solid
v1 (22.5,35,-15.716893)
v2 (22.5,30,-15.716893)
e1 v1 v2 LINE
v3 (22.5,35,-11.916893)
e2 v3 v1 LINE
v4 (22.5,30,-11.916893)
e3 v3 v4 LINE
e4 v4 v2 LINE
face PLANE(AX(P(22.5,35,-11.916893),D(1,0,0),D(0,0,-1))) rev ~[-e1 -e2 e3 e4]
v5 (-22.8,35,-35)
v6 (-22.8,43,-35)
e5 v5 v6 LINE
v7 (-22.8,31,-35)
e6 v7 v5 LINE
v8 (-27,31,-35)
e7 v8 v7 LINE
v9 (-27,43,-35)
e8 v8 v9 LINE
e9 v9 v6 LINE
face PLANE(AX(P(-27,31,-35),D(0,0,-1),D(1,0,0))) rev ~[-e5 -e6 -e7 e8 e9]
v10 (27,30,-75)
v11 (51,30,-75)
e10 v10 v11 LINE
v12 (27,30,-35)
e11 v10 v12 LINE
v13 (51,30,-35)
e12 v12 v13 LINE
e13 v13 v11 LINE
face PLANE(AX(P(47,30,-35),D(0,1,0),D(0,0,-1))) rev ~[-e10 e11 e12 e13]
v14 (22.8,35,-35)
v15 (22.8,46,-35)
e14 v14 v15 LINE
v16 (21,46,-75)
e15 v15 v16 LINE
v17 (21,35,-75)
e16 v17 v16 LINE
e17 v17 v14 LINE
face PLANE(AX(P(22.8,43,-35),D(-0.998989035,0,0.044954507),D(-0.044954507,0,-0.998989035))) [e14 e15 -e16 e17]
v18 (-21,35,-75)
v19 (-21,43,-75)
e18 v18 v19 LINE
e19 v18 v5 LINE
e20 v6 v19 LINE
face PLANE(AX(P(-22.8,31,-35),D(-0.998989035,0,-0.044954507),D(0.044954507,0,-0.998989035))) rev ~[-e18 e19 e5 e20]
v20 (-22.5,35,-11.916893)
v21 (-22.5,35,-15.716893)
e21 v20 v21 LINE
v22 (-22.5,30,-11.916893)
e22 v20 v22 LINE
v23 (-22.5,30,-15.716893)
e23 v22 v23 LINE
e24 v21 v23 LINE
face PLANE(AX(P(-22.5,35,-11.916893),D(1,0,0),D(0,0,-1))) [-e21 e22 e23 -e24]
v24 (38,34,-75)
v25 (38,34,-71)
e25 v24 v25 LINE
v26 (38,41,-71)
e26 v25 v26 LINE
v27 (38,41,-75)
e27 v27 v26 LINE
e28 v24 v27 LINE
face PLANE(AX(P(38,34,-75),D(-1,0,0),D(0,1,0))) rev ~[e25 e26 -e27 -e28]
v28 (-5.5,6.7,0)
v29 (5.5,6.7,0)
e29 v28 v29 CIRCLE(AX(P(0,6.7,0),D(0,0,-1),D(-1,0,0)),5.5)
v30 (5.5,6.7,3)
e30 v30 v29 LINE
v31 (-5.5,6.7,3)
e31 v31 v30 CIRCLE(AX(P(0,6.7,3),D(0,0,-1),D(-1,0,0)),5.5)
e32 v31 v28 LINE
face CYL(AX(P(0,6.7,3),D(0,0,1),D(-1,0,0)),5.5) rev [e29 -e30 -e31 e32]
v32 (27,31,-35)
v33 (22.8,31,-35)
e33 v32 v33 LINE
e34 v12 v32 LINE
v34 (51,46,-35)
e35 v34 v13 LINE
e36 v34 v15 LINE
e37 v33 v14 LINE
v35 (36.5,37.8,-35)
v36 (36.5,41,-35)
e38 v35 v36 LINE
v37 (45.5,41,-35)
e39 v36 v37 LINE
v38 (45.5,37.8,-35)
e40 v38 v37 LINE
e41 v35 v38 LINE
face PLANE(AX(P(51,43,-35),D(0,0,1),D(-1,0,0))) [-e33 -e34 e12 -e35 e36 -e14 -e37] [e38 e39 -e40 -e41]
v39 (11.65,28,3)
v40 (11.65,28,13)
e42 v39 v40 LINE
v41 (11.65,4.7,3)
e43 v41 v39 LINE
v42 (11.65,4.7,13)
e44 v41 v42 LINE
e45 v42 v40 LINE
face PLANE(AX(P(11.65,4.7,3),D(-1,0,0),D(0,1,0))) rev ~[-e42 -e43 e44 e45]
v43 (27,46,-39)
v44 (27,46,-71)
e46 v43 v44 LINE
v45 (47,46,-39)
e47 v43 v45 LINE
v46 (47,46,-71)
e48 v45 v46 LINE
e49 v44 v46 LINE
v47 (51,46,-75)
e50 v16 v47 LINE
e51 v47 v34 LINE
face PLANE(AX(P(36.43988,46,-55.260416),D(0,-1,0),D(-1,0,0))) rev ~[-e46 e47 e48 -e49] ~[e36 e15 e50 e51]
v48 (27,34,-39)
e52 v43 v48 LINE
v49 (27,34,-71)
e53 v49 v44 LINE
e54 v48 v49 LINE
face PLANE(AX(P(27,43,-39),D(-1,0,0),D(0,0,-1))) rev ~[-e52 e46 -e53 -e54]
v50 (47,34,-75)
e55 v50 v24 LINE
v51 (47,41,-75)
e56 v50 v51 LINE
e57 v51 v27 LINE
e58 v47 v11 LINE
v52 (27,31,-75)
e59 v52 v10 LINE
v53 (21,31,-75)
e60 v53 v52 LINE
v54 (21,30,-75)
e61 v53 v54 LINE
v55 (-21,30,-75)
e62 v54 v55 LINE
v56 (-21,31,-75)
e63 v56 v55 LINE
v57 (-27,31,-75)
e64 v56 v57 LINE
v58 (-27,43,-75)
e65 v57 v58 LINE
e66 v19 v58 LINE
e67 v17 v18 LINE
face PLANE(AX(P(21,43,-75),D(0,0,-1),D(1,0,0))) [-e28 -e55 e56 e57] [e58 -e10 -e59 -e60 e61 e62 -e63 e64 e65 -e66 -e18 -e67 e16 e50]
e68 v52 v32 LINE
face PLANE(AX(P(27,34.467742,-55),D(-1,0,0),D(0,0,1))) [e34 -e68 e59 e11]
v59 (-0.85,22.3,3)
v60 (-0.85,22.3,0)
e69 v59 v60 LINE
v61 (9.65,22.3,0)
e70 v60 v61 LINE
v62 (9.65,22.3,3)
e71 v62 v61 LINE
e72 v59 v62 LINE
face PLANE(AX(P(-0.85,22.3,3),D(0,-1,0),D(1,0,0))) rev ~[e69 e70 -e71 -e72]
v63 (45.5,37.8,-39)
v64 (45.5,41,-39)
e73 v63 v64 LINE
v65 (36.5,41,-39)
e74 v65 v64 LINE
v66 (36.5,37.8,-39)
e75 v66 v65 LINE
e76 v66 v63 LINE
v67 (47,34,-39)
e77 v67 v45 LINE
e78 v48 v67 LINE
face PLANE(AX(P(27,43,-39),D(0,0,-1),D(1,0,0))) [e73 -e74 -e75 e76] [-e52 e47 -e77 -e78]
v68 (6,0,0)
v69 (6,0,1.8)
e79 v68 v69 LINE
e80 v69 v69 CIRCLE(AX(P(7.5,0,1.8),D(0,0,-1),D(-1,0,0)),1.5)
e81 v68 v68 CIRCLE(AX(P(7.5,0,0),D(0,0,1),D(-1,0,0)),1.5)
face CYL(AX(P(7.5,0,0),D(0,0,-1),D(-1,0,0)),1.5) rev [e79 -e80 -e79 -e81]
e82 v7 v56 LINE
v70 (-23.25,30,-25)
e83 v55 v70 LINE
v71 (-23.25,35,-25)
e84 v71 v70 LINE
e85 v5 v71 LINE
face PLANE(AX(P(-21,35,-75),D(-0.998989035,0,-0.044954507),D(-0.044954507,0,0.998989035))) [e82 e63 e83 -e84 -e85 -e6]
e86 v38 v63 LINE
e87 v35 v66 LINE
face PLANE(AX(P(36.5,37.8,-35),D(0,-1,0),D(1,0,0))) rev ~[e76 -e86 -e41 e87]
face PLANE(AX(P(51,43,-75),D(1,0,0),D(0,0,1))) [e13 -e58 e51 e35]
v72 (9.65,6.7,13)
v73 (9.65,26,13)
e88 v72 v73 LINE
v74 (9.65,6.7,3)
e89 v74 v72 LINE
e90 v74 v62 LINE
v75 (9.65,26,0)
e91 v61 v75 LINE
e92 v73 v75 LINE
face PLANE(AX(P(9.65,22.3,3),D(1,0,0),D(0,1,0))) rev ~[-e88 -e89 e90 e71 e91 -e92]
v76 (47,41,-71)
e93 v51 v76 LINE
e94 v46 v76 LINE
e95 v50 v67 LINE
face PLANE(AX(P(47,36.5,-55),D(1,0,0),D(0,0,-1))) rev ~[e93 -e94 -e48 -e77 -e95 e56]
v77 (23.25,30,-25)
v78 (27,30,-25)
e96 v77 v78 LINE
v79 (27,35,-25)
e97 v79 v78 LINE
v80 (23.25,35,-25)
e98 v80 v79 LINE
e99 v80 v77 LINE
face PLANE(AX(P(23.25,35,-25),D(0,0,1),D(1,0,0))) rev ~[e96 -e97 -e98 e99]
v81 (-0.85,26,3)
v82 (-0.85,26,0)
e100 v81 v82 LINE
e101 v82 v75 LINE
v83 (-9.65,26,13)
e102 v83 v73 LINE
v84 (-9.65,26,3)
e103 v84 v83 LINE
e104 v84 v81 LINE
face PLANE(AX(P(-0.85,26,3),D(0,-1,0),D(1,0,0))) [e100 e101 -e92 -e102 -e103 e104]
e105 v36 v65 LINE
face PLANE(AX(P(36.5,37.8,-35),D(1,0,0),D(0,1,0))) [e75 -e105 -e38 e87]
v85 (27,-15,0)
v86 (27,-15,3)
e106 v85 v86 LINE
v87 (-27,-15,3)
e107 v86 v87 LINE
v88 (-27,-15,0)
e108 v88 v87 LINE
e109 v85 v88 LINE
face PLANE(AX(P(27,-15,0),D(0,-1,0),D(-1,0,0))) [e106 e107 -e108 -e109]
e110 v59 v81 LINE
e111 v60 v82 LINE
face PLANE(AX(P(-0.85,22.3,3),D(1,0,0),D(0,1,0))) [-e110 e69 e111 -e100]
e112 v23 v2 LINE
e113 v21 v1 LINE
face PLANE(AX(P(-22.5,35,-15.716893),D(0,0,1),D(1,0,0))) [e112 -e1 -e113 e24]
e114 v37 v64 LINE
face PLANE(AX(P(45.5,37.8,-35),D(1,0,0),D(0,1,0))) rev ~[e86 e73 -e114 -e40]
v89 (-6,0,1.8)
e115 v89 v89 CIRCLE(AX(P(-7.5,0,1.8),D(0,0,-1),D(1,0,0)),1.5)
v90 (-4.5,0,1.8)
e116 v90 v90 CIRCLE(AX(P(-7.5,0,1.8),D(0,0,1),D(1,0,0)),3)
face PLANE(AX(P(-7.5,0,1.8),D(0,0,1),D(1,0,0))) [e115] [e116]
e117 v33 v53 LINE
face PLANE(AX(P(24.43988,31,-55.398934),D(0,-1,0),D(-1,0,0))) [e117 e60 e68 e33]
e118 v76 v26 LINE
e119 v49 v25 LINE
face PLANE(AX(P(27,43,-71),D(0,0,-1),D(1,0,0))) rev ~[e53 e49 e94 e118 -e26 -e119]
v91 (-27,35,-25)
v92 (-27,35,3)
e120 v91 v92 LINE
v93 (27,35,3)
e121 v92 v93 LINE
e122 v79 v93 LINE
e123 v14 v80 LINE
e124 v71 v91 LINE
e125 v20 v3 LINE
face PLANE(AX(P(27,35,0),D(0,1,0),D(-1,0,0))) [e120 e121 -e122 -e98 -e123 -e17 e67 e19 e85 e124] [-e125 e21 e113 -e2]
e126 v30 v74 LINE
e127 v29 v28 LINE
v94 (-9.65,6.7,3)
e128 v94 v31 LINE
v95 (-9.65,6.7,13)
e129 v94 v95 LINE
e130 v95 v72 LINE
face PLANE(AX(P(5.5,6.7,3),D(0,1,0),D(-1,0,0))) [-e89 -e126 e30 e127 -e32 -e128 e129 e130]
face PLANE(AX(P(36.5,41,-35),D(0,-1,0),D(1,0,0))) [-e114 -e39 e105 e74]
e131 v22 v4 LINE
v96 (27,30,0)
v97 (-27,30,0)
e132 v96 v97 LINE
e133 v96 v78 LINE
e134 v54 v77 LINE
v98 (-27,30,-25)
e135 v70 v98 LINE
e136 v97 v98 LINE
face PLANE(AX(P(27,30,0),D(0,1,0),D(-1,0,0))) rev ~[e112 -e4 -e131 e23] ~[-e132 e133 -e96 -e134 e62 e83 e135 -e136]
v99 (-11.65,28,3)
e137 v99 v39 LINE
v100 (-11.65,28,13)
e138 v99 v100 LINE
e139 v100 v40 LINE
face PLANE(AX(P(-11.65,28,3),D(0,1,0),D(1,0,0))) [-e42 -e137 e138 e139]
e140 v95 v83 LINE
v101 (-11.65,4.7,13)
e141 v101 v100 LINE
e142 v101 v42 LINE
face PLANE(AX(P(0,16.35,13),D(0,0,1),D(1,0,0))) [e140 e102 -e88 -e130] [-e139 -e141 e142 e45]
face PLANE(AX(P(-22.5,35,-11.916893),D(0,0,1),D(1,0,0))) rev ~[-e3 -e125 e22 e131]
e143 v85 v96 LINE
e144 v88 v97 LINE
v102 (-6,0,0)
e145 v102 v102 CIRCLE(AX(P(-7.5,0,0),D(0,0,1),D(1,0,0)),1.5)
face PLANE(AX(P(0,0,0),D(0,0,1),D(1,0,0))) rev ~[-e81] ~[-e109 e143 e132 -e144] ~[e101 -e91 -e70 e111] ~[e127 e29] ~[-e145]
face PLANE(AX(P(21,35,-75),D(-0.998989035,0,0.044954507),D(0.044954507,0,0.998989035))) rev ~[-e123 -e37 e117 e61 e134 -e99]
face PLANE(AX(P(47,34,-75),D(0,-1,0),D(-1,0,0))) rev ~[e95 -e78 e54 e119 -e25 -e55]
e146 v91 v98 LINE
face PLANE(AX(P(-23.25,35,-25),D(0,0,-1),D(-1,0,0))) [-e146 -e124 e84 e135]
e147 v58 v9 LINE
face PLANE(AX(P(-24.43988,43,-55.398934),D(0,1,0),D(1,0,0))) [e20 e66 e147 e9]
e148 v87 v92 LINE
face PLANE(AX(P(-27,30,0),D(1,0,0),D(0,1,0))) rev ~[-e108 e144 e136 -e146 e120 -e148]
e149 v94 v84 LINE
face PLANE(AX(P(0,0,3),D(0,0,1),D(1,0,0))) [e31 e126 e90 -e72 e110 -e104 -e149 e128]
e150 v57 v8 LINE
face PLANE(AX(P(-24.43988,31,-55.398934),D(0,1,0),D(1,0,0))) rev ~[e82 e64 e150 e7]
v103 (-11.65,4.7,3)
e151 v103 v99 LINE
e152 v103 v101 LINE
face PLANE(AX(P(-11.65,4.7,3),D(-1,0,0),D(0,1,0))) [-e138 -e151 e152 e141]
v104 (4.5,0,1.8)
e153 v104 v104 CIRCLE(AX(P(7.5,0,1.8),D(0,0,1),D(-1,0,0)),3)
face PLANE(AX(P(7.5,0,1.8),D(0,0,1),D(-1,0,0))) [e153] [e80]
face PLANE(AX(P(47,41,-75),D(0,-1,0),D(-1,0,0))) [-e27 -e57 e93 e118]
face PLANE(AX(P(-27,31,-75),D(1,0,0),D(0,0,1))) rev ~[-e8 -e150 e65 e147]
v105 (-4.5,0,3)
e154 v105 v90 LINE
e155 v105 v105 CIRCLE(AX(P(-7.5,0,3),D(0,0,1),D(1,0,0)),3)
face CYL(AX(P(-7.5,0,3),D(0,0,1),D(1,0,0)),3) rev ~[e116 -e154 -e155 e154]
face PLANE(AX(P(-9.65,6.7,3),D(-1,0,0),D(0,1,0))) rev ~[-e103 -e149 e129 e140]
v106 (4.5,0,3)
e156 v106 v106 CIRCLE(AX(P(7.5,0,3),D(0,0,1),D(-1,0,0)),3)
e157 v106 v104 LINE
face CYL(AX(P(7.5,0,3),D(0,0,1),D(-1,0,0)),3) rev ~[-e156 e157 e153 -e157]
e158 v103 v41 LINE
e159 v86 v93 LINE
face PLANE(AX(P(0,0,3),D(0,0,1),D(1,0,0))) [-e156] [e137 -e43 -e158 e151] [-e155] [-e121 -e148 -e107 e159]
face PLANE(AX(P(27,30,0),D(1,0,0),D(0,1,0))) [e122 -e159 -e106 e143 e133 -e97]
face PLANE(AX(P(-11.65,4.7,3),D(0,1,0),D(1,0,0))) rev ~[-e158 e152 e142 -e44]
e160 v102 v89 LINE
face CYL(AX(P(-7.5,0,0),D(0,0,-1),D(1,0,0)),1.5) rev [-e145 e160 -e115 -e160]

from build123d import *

# Parameters (mm, degrees)
CROQUIS1_W                   = 54
CROQUIS1_H                   = 70
CROQUIS1_R                   = 1.5
SALIENTE_EXTRUIR1_DEPTH      = 3
CROQUIS2_R                   = 3
CORTAR_EXTRUIR1_DEPTH        = 1.2
CROQUIS3_W                   = 23.3
CROQUIS3_H                   = 23.3
CROQUIS3_W_2                 = 19.3
CROQUIS3_H_2                 = 19.3
SALIENTE_EXTRUIR2_DEPTH      = 10
CROQUIS4_W                   = 54
CROQUIS4_H                   = 5
SALIENTE_EXTRUIR3_DEPTH      = 75
CROQUIS6_W                   = 54
CROQUIS6_H                   = 20
CORTAR_EXTRUIR2_DEPTH        = 3
CORTAR_EXTRUIR4_DEPTH        = 5
CROQUIS8_W                   = 45
CROQUIS8_H                   = 3.8
CORTAR_EXTRUIR5_DEPTH        = 5
CROQUIS9_W                   = 10.5
CROQUIS9_H                   = 3.7
CORTAR_EXTRUIR6_DEPTH        = 3
SALIENTE_EXTRUIR4_DEPTH      = 8
SALIENTE_EXTRUIR4_DEPTH_BACK = 4
SALIENTE_EXTRUIR5_DEPTH      = 20
CROQUIS12_W                  = 9
CROQUIS12_H                  = 7
CORTAR_EXTRUIR7_DEPTH        = 4
CROQUIS13_W                  = 40
CROQUIS13_H                  = 13
SALIENTE_EXTRUIR6_DEPTH      = 4
CROQUIS16_W                  = 9
CROQUIS16_H                  = 3.2
CORTAR_EXTRUIR9_DEPTH        = 4
CROQUIS17_W                  = 20
CROQUIS17_H                  = 32
SALIENTE_EXTRUIR7_DEPTH      = 3


with BuildPart() as part:
    # Croquis1 → Saliente-Extruir1 (new body)
    with BuildSketch(Plane.XY):
        Rectangle(CROQUIS1_W, CROQUIS1_H)
        with Locations((-7.5, 0)):
            Circle(CROQUIS1_R, mode=Mode.SUBTRACT)
        with Locations(Location((7.5, 0, 0), (0, 0, 180))):
            Circle(CROQUIS1_R, mode=Mode.SUBTRACT)
    extrude(amount=SALIENTE_EXTRUIR1_DEPTH)

    # Croquis2 → Cortar-Extruir1 (cut)
    with BuildSketch(Plane.XY.offset(3)):
        with Locations((-7.5, 0)):
            Circle(CROQUIS2_R)
        with Locations(Location((7.5, 0, 0), (0, 0, 180))):
            Circle(CROQUIS2_R)
    extrude(amount=-CORTAR_EXTRUIR1_DEPTH, mode=Mode.SUBTRACT)

    # Croquis3 → Saliente-Extruir2 (add)
    with BuildSketch(Plane.XY.offset(3)):
        with Locations((0, 16.35)):
            Rectangle(CROQUIS3_W, CROQUIS3_H)
        with Locations((0, 16.35)):
            Rectangle(CROQUIS3_W_2, CROQUIS3_H_2, mode=Mode.SUBTRACT)
    extrude(amount=SALIENTE_EXTRUIR2_DEPTH)

    # Croquis4 → Saliente-Extruir3 (add)
    with BuildSketch(Plane(origin=(0, 0, 0), x_dir=(-1, 0, 0), z_dir=(0, 0, -1))):
        with Locations((0, 32.5)):
            Rectangle(CROQUIS4_W, CROQUIS4_H)
    extrude(amount=SALIENTE_EXTRUIR3_DEPTH)

    # Croquis6 → Cortar-Extruir2 (cut)
    with BuildSketch(Plane(origin=(0, 0, 0), x_dir=(-1, 0, 0), z_dir=(0, 0, -1))):
        with Locations((0, -25)):
            Rectangle(CROQUIS6_W, CROQUIS6_H)
    extrude(amount=-CORTAR_EXTRUIR2_DEPTH, mode=Mode.SUBTRACT)

    # Croquis7 → Cortar-Extruir4 (cut)
    with BuildSketch(Plane(origin=(0, 35, 0), x_dir=(1, 0, 0), z_dir=(0, 1, 0))):
        Polygon((-27, 75), (-21, 75), (-23.25, 25), (-27, 25), align=None)
        Polygon((23.25, 25), (27, 25), (27, 75), (21, 75), align=None)
    extrude(amount=-CORTAR_EXTRUIR4_DEPTH, mode=Mode.SUBTRACT)

    # Croquis8 → Cortar-Extruir5 (cut)
    with BuildSketch(Plane(origin=(0, 35, 0), x_dir=(1, 0, 0), z_dir=(0, 1, 0))):
        with Locations((0, 13.816893204)):
            Rectangle(CROQUIS8_W, CROQUIS8_H)
    extrude(amount=-CORTAR_EXTRUIR5_DEPTH, mode=Mode.SUBTRACT)

    # Croquis9 → Cortar-Extruir6 (cut)
    with BuildSketch(Plane.XY.offset(3)):
        with Locations((4.4, 24.15)):
            Rectangle(CROQUIS9_W, CROQUIS9_H)
        with BuildLine():
            Line((5.5, 6.7), (-5.5, 6.7))
            ThreePointArc((-5.5, 6.7), (0, 12.2), (5.5, 6.7))
        make_face()
    extrude(amount=-CORTAR_EXTRUIR6_DEPTH, mode=Mode.SUBTRACT)

    # Croquis10 → Saliente-Extruir4 (add, two sides: drawn at the far end of the back side and taken through both)
    with BuildSketch(Plane(origin=(0, 35, 0), x_dir=(1, 0, 0), z_dir=(0, 1, 0)).offset(-SALIENTE_EXTRUIR4_DEPTH_BACK)):
        Polygon((-21, 75), (-27, 75), (-27, 35), (-22.8, 35), align=None)
        Polygon((27, 35), (22.8, 35), (21, 75), (27, 75), align=None)
    extrude(amount=SALIENTE_EXTRUIR4_DEPTH + SALIENTE_EXTRUIR4_DEPTH_BACK)

    # Croquis11 → Saliente-Extruir5 (add)
    with BuildSketch(Plane(origin=(27, 0, 0), x_dir=(0, 0, -1), z_dir=(1, 0, 0))):
        Polygon((35, 43), (39, 43), (39, 34), (71, 34), (71, 43), (75, 43), (75, 30), (35, 30), align=None)
    extrude(amount=SALIENTE_EXTRUIR5_DEPTH)

    # Croquis12 → Cortar-Extruir7 (cut)
    with BuildSketch(Plane(origin=(0, 0, -75), x_dir=(-1, 0, 0), z_dir=(0, 0, -1))):
        with Locations((-42.5, 37.5)):
            Rectangle(CROQUIS12_W, CROQUIS12_H)
    extrude(amount=-CORTAR_EXTRUIR7_DEPTH, mode=Mode.SUBTRACT)

    # Croquis13 → Saliente-Extruir6 (add)
    with BuildSketch(Plane(origin=(47, 0, 0), x_dir=(0, 0, -1), z_dir=(1, 0, 0))):
        with Locations((55, 36.5)):
            Rectangle(CROQUIS13_W, CROQUIS13_H)
    extrude(amount=SALIENTE_EXTRUIR6_DEPTH)

    # Croquis16 → Cortar-Extruir9 (cut)
    with BuildSketch(Plane.XY.offset(-35)):
        with Locations((41, 39.4)):
            Rectangle(CROQUIS16_W, CROQUIS16_H)
    extrude(amount=-CORTAR_EXTRUIR9_DEPTH, mode=Mode.SUBTRACT)

    # Croquis17 → Saliente-Extruir7 (add)
    with BuildSketch(Plane(origin=(0, 43, 0), x_dir=(1, 0, 0), z_dir=(0, 1, 0))):
        Polygon((21, 75), (51, 75), (51, 35), (22.8, 35), align=None)
        with Locations((37, 55)):
            Rectangle(CROQUIS17_W, CROQUIS17_H, mode=Mode.SUBTRACT)
    extrude(amount=SALIENTE_EXTRUIR7_DEPTH)


solid = part.part
